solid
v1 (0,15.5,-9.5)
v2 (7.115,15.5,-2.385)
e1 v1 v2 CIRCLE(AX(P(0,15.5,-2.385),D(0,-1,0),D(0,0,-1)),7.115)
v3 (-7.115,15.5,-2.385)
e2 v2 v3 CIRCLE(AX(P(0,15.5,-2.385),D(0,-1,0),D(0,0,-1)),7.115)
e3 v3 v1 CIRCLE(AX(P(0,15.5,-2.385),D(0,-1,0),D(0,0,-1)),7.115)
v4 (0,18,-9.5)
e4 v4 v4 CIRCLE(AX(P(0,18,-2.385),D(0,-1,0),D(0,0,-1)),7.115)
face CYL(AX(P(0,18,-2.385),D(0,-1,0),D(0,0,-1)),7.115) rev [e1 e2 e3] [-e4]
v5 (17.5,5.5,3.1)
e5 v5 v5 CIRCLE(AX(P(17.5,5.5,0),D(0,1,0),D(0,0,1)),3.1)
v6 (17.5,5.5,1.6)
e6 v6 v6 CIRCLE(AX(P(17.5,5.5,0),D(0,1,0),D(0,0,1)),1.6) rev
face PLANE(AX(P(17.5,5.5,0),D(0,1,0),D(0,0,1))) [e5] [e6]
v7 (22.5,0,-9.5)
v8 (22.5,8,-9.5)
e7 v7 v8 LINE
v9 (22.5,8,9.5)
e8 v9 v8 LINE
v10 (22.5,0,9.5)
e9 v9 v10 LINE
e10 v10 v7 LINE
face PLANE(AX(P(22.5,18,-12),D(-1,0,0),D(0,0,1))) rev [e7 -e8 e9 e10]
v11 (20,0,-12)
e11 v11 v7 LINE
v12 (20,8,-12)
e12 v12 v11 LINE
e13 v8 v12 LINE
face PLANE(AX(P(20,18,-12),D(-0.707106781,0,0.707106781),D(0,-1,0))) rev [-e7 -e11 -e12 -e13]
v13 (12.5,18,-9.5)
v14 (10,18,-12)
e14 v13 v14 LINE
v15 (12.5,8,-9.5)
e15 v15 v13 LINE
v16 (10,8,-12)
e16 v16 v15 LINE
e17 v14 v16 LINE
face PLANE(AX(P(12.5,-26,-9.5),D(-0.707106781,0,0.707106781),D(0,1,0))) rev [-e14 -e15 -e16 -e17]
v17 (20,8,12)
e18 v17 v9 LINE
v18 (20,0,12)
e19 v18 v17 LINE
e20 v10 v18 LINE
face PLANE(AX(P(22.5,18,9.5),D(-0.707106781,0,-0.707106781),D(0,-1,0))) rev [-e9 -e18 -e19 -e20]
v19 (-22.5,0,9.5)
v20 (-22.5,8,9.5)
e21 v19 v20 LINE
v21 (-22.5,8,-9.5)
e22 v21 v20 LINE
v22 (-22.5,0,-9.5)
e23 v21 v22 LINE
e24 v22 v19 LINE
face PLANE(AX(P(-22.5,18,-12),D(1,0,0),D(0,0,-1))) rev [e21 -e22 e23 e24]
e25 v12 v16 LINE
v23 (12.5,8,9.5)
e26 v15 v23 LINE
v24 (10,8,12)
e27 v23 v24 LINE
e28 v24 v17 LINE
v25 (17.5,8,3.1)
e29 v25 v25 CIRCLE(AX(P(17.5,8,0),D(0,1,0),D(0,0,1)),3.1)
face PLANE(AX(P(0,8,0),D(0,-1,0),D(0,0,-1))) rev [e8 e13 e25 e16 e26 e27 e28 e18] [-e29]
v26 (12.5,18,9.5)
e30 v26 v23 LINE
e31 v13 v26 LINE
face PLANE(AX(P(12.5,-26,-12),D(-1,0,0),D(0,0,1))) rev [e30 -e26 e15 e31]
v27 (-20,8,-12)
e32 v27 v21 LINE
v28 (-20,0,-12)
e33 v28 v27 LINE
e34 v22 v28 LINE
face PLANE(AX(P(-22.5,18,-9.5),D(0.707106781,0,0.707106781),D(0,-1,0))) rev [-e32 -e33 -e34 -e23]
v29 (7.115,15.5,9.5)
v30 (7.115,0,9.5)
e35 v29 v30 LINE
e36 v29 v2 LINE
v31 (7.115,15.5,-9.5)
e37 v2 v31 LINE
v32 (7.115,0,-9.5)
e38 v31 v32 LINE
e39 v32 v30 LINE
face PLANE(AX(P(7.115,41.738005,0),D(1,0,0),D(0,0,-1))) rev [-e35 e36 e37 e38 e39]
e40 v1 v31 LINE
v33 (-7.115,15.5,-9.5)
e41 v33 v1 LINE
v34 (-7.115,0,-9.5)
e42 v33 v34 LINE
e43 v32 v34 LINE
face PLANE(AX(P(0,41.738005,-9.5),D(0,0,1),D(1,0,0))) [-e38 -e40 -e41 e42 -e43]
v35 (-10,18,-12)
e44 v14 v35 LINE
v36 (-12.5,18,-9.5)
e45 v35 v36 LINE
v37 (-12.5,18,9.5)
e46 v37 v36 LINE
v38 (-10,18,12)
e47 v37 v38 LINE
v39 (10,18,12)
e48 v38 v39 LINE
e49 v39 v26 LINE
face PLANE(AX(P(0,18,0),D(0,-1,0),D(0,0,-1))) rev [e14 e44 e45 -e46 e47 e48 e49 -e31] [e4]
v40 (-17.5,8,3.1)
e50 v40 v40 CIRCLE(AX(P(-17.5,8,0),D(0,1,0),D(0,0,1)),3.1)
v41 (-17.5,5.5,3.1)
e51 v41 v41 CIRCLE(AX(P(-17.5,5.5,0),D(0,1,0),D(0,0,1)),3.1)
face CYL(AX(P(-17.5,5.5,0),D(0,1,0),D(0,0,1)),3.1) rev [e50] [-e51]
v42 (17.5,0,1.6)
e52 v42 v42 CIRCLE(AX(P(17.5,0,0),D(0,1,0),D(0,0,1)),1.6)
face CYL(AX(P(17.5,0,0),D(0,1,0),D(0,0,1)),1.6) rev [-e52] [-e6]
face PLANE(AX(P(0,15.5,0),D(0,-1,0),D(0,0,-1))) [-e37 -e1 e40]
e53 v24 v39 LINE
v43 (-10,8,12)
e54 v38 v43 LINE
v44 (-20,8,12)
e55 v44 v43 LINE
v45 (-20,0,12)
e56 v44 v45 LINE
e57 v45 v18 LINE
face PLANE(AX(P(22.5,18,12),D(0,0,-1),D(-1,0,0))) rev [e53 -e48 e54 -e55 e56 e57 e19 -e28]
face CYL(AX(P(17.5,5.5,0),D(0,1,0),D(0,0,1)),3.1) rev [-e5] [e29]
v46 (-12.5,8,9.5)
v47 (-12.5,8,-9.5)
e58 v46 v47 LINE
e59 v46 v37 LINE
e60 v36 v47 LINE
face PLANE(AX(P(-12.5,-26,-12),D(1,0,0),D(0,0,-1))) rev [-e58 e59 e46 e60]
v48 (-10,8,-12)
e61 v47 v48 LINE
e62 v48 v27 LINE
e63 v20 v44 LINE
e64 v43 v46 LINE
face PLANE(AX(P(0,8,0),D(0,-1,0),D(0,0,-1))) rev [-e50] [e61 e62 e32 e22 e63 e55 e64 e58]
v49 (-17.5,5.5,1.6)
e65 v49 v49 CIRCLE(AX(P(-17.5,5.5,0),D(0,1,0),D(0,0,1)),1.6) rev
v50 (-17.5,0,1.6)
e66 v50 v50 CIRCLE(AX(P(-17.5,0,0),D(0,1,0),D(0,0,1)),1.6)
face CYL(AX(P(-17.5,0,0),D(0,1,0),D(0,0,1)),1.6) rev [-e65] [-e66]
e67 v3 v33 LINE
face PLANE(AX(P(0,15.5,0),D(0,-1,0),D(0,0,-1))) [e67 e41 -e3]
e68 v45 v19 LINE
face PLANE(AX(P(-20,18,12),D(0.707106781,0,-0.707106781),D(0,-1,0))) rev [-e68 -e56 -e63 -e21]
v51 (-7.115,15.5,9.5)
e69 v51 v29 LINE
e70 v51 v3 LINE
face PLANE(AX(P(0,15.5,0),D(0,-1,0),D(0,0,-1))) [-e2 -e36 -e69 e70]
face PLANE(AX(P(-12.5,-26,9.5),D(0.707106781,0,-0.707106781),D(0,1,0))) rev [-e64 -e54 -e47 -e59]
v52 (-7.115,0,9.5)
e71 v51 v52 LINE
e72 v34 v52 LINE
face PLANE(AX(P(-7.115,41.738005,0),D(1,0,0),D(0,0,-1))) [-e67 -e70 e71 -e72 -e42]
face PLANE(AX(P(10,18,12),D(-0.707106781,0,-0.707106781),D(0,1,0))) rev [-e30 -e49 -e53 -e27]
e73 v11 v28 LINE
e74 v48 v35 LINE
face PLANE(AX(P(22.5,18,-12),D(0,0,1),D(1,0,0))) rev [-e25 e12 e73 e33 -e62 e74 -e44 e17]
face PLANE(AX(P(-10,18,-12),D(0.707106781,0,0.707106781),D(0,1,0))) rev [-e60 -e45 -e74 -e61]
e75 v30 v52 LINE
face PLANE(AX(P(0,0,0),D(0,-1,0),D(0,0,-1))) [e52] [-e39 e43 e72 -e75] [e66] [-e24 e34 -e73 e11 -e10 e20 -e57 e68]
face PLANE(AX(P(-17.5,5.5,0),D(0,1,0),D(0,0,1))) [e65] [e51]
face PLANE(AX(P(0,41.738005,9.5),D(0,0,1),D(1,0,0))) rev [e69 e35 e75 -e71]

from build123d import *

# Parameters (mm, degrees)
SKETCH1_W           = 45
SKETCH1_H           = 24
BOSS_EXTRUDE1_DEPTH = 18
SKETCH2_W           = 10
SKETCH2_H           = 24
CUT_EXTRUDE1_DEPTH  = 10
SKETCH3_R           = 1.6
CUT_EXTRUDE2_DEPTH  = 9
SKETCH4_R           = 3.1
CUT_EXTRUDE3_DEPTH  = 2.5
SKETCH5_W           = 14.23
SKETCH5_H           = 19
CUT_EXTRUDE4_DEPTH  = 15.5
SKETCH6_R           = 7.115
CUT_EXTRUDE5_DEPTH  = 3.5
CHAMFER1_SIZE       = 2.5


with BuildPart() as part:
    # Sketch1 → Boss-Extrude1 (new body)
    with BuildSketch(Plane(origin=(0, 0, 0), x_dir=(1, 0, 0), z_dir=(0, 1, 0))):
        Rectangle(SKETCH1_W, SKETCH1_H)
    extrude(amount=BOSS_EXTRUDE1_DEPTH)

    # Sketch2 → Cut-Extrude1 (cut)
    with BuildSketch(Plane(origin=(0, 18, 0), x_dir=(1, 0, 0), z_dir=(0, 1, 0))):
        with Locations((-17.5, 0)):
            Rectangle(SKETCH2_W, SKETCH2_H)
        with Locations((17.5, 0)):
            Rectangle(SKETCH2_W, SKETCH2_H)
    extrude(amount=-CUT_EXTRUDE1_DEPTH, mode=Mode.SUBTRACT)

    # Sketch3 → Cut-Extrude2 (cut, through all)
    with BuildSketch(Plane(origin=(0, 8, 0), x_dir=(1, 0, 0), z_dir=(0, 1, 0))):
        with Locations((-17.5, 0)):
            Circle(SKETCH3_R)
        with Locations((17.5, 0)):
            Circle(SKETCH3_R)
    extrude(amount=-CUT_EXTRUDE2_DEPTH, mode=Mode.SUBTRACT)

    # Sketch4 → Cut-Extrude3 (cut)
    with BuildSketch(Plane(origin=(0, 8, 0), x_dir=(1, 0, 0), z_dir=(0, 1, 0))):
        with Locations((-17.5, 0)):
            Circle(SKETCH4_R)
        with Locations((17.5, 0)):
            Circle(SKETCH4_R)
    extrude(amount=-CUT_EXTRUDE3_DEPTH, mode=Mode.SUBTRACT)

    # Sketch5 → Cut-Extrude4 (cut)
    with BuildSketch(Plane.XZ):
        Rectangle(SKETCH5_W, SKETCH5_H)
    extrude(amount=-CUT_EXTRUDE4_DEPTH, mode=Mode.SUBTRACT)

    # Sketch6 → Cut-Extrude5 (cut, through all)
    with BuildSketch(Plane.XZ.offset(-15.5)):
        with Locations((0, -2.385)):
            Circle(SKETCH6_R)
    extrude(amount=-CUT_EXTRUDE5_DEPTH, mode=Mode.SUBTRACT)

    # Chamfer1
    chamfer1_edges = [part.edges().sort_by_distance(p)[0] for p in [
        (-22.5, 4, -12),
        (22.5, 4, -12),
        (22.5, 4, 12),
        (-22.5, 4, 12),
        (-12.5, 13, 12),
        (-12.5, 13, -12),
        (12.5, 13, -12),
        (12.5, 13, 12),
    ]]
    chamfer(chamfer1_edges, length=CHAMFER1_SIZE)


solid = part.part
